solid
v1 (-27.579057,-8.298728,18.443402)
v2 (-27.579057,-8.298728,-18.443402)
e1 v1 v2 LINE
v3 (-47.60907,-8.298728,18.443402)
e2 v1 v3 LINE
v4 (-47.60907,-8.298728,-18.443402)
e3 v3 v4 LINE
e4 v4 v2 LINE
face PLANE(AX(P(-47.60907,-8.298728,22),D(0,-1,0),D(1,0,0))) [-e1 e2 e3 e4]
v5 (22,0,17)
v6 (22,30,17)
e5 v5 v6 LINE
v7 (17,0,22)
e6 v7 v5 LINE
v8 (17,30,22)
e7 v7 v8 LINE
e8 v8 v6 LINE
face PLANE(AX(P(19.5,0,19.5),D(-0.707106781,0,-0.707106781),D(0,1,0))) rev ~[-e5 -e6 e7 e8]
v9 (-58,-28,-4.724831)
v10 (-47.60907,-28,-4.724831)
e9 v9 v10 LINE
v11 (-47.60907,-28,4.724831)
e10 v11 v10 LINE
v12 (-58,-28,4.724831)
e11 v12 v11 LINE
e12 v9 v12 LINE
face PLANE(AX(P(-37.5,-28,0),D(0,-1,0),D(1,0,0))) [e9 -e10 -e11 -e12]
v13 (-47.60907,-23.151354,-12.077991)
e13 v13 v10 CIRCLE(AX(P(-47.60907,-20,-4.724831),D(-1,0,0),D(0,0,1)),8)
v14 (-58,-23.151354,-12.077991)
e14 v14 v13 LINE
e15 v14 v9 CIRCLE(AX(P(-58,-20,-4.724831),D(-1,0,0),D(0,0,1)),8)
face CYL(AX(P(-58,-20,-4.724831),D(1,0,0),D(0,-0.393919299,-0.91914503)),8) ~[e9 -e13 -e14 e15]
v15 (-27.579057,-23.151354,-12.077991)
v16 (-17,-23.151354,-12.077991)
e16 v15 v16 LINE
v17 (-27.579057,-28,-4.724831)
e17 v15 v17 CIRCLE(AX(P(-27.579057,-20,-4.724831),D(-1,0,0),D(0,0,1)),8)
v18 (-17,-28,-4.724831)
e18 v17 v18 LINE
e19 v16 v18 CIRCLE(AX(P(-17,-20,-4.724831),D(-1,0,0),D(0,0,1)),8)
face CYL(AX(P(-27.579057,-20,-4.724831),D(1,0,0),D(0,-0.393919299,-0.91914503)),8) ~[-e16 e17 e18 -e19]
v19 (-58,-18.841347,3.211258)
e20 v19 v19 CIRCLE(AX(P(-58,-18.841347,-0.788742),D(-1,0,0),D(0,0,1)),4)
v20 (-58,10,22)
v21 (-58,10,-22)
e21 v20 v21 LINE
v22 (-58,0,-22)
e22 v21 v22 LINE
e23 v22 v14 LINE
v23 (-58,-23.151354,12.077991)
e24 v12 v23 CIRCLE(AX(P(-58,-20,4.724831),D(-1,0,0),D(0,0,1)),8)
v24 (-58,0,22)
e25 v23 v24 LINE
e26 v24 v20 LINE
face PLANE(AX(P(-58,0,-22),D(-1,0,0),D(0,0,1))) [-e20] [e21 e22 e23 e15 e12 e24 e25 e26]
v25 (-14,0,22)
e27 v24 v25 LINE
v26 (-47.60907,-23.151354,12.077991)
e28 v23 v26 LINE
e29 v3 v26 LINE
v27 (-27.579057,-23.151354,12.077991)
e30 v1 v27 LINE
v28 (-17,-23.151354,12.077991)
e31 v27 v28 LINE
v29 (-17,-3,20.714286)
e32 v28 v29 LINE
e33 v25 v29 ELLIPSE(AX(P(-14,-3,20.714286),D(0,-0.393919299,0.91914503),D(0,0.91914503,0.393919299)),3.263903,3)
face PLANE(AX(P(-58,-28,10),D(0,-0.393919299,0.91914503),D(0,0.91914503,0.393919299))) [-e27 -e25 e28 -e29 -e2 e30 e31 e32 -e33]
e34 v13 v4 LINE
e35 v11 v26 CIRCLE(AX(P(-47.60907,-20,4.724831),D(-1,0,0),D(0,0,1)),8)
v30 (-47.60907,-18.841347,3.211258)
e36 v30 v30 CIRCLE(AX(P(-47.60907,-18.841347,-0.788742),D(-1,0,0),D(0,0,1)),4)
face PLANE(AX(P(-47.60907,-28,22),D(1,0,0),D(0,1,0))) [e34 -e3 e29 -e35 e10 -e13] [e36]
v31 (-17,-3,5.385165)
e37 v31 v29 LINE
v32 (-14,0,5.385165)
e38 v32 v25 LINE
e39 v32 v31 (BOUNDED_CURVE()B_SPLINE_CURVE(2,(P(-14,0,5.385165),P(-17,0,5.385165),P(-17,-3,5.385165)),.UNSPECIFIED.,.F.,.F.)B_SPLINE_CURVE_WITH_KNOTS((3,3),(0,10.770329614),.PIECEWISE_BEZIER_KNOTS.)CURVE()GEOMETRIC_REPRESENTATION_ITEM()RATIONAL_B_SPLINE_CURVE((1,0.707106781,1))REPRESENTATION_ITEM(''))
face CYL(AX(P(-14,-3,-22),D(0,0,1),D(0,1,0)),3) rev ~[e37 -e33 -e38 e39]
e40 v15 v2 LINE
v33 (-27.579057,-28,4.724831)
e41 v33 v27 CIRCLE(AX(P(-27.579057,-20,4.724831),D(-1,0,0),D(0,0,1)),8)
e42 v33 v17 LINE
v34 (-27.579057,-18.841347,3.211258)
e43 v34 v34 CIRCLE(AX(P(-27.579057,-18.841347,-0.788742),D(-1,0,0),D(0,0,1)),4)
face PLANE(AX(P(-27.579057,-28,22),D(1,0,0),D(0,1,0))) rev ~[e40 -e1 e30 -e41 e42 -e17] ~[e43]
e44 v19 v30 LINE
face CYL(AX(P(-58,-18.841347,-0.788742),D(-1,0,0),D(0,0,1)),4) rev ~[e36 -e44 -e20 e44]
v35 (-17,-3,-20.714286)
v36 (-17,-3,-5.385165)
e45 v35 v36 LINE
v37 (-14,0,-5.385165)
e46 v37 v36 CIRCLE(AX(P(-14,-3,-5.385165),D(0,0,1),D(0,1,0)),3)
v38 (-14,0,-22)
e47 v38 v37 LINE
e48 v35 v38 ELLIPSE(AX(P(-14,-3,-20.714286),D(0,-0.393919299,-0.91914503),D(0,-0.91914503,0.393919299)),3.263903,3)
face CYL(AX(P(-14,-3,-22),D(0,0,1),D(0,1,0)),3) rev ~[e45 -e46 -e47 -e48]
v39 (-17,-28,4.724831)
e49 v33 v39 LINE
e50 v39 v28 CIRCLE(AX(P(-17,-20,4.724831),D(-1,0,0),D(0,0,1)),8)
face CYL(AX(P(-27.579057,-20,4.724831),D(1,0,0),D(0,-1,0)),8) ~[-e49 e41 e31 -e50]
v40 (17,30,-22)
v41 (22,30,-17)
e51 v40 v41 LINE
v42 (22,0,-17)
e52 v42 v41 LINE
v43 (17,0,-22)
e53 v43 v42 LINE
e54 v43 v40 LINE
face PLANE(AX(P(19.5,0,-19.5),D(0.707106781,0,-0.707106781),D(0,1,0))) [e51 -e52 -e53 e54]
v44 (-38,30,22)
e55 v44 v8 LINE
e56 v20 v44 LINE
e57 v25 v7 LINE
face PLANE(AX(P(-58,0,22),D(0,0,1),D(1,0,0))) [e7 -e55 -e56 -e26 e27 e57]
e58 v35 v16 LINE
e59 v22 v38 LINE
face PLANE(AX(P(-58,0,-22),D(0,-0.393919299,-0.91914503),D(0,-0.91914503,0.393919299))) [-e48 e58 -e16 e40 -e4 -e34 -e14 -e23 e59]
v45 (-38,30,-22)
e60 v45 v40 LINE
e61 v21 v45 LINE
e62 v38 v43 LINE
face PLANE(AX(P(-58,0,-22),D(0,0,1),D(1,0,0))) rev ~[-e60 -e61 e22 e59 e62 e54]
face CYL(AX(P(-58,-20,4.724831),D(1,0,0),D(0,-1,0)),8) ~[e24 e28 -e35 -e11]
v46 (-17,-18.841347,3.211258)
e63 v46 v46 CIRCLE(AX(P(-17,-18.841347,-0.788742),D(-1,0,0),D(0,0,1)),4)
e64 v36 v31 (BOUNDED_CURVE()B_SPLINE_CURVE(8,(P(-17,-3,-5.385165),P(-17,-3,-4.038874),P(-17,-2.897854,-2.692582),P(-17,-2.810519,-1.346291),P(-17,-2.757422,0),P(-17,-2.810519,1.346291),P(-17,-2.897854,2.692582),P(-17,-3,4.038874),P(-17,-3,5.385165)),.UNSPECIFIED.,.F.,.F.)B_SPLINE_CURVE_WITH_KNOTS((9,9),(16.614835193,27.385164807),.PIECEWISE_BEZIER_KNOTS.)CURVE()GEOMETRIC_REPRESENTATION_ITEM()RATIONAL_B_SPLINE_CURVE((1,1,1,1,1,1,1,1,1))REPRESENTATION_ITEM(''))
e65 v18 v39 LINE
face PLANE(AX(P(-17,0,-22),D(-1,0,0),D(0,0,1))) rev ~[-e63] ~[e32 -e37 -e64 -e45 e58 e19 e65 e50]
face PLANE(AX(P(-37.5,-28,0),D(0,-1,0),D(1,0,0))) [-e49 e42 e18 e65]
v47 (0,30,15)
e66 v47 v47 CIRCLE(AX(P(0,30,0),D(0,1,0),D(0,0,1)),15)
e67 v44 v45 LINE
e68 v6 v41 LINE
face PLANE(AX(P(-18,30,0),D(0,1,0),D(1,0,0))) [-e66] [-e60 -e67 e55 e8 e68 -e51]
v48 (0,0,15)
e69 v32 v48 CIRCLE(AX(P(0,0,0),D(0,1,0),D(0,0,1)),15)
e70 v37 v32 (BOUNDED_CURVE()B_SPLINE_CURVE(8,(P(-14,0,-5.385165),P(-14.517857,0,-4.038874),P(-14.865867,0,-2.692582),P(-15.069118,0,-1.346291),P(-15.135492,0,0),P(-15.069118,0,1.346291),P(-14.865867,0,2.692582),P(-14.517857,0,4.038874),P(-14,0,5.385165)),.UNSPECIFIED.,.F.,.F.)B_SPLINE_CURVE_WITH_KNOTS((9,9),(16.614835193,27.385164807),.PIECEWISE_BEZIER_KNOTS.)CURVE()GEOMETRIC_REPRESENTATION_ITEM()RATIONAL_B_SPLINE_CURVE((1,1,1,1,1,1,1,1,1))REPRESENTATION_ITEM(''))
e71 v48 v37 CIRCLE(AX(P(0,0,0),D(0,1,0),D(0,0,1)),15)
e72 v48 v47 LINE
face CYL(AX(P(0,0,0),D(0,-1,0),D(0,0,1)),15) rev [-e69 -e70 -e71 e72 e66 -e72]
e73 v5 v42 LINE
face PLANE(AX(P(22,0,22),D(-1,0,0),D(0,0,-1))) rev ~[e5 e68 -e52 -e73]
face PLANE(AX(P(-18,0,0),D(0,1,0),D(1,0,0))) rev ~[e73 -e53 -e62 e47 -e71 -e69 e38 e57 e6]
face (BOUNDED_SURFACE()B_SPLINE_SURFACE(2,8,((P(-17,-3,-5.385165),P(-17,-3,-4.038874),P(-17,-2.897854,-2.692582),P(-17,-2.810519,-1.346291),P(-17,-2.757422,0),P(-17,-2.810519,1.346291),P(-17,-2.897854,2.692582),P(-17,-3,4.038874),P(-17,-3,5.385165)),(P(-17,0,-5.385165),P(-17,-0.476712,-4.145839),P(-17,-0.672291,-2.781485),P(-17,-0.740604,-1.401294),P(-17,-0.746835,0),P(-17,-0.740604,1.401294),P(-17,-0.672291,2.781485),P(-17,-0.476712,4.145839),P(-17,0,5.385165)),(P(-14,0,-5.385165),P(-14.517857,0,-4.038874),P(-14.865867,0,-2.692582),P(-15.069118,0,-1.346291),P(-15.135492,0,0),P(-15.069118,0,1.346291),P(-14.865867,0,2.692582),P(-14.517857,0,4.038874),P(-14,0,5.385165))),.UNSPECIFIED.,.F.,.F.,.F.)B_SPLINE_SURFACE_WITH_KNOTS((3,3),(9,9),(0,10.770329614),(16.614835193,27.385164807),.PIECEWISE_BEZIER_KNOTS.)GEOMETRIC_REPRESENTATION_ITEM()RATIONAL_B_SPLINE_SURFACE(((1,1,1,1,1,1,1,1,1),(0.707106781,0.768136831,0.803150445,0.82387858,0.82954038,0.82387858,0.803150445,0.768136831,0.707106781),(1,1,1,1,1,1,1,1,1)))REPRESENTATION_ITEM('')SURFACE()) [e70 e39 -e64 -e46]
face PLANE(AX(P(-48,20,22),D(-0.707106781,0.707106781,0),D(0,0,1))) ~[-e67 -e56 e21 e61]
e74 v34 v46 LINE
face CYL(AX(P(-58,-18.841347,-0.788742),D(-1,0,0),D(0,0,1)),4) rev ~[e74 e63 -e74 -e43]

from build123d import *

# Parameters (mm, degrees)
SKETCH_1_W          = 80
SKETCH_1_H          = 44
SKETCH_1_R          = 15
EXTRUDE_1_DEPTH     = 30
CHAMFER_1_SIZE      = 20
SKETCH_2_W          = 41
SKETCH_2_H          = 44
EXTRUDE_2_DEPTH     = 28
SKETCH_3_R          = 4
CUT_EXTRUDE_1_DEPTH = 89.22698
SKETCH_4_W          = 20.030013647
SKETCH_4_H          = 19.701271899
CUT_EXTRUDE_2_DEPTH = 79.74007874
CHAMFER_4_SIZE      = 5
FILLET_1_R          = 3
CUT_EXTRUDE_3_DEPTH = 89.226980059
FILLET_2_R          = 8


with BuildPart() as part:
    # Эскиз1 → Вытянуть1 (new body)
    with BuildSketch(Plane(origin=(0, 0, 0), x_dir=(1, 0, 0), z_dir=(0, 1, 0))):
        with Locations((-18, 0)):
            Rectangle(SKETCH_1_W, SKETCH_1_H)
        with Locations(Location((0, 0, 0), (0, 0, 270))):
            Circle(SKETCH_1_R, mode=Mode.SUBTRACT)
    extrude(amount=EXTRUDE_1_DEPTH)

    # Фаска1
    chamfer_1_edges = [part.edges().sort_by_distance(p)[0] for p in [
        (-58, 30, 0),
    ]]
    chamfer(chamfer_1_edges, length=CHAMFER_1_SIZE)

    # Эскиз2 → Вытянуть2 (add)
    with BuildSketch(Plane.XZ):
        with Locations((-37.5, 0)):
            Rectangle(SKETCH_2_W, SKETCH_2_H)
    extrude(amount=EXTRUDE_2_DEPTH)

    # Эскиз3 → Вырез-Вытянуть1 (cut, through all)
    with BuildSketch(Plane.ZY.offset(58)):
        with Locations((-0.788742376, -18.841346952)):
            Circle(SKETCH_3_R)
    extrude(amount=-CUT_EXTRUDE_1_DEPTH, mode=Mode.SUBTRACT)

    # Эскиз4 → Вырез-Вытянуть2 (cut, through all)
    with BuildSketch(Plane.XY.offset(22)):
        with Locations((-37.59406334, -18.149364051)):
            Rectangle(SKETCH_4_W, SKETCH_4_H)
    extrude(amount=-CUT_EXTRUDE_2_DEPTH, mode=Mode.SUBTRACT)

    # Фаска4
    chamfer_4_edges = [part.edges().sort_by_distance(p)[0] for p in [
        (22, 15, -22),
        (22, 15, 22),
    ]]
    chamfer(chamfer_4_edges, length=CHAMFER_4_SIZE)

    # Скругление1
    fillet_1_edges = [part.edges().sort_by_distance(p)[0] for p in [
        (-17, 0, 0),
    ]]
    fillet(fillet_1_edges, radius=FILLET_1_R)

    # Эскиз5 → Вырез-Вытянуть3 (cut, through all)
    with BuildSketch(Plane.ZY.offset(58)):
        Polygon((-22, 0), (-10, -28), (-22, -28), align=None)
        Polygon((22, -28), (10, -28), (22, 0), align=None)
    extrude(amount=-CUT_EXTRUDE_3_DEPTH, mode=Mode.SUBTRACT)

    # Скругление2
    fillet_2_edges = [part.edges().sort_by_distance(p)[0] for p in [
        (-22.289528258, -28, -10),
        (-52.804535082, -28, -10),
        (-52.804535082, -28, 10),
        (-22.289528258, -28, 10),
    ]]
    fillet(fillet_2_edges, radius=FILLET_2_R)


solid = part.part
